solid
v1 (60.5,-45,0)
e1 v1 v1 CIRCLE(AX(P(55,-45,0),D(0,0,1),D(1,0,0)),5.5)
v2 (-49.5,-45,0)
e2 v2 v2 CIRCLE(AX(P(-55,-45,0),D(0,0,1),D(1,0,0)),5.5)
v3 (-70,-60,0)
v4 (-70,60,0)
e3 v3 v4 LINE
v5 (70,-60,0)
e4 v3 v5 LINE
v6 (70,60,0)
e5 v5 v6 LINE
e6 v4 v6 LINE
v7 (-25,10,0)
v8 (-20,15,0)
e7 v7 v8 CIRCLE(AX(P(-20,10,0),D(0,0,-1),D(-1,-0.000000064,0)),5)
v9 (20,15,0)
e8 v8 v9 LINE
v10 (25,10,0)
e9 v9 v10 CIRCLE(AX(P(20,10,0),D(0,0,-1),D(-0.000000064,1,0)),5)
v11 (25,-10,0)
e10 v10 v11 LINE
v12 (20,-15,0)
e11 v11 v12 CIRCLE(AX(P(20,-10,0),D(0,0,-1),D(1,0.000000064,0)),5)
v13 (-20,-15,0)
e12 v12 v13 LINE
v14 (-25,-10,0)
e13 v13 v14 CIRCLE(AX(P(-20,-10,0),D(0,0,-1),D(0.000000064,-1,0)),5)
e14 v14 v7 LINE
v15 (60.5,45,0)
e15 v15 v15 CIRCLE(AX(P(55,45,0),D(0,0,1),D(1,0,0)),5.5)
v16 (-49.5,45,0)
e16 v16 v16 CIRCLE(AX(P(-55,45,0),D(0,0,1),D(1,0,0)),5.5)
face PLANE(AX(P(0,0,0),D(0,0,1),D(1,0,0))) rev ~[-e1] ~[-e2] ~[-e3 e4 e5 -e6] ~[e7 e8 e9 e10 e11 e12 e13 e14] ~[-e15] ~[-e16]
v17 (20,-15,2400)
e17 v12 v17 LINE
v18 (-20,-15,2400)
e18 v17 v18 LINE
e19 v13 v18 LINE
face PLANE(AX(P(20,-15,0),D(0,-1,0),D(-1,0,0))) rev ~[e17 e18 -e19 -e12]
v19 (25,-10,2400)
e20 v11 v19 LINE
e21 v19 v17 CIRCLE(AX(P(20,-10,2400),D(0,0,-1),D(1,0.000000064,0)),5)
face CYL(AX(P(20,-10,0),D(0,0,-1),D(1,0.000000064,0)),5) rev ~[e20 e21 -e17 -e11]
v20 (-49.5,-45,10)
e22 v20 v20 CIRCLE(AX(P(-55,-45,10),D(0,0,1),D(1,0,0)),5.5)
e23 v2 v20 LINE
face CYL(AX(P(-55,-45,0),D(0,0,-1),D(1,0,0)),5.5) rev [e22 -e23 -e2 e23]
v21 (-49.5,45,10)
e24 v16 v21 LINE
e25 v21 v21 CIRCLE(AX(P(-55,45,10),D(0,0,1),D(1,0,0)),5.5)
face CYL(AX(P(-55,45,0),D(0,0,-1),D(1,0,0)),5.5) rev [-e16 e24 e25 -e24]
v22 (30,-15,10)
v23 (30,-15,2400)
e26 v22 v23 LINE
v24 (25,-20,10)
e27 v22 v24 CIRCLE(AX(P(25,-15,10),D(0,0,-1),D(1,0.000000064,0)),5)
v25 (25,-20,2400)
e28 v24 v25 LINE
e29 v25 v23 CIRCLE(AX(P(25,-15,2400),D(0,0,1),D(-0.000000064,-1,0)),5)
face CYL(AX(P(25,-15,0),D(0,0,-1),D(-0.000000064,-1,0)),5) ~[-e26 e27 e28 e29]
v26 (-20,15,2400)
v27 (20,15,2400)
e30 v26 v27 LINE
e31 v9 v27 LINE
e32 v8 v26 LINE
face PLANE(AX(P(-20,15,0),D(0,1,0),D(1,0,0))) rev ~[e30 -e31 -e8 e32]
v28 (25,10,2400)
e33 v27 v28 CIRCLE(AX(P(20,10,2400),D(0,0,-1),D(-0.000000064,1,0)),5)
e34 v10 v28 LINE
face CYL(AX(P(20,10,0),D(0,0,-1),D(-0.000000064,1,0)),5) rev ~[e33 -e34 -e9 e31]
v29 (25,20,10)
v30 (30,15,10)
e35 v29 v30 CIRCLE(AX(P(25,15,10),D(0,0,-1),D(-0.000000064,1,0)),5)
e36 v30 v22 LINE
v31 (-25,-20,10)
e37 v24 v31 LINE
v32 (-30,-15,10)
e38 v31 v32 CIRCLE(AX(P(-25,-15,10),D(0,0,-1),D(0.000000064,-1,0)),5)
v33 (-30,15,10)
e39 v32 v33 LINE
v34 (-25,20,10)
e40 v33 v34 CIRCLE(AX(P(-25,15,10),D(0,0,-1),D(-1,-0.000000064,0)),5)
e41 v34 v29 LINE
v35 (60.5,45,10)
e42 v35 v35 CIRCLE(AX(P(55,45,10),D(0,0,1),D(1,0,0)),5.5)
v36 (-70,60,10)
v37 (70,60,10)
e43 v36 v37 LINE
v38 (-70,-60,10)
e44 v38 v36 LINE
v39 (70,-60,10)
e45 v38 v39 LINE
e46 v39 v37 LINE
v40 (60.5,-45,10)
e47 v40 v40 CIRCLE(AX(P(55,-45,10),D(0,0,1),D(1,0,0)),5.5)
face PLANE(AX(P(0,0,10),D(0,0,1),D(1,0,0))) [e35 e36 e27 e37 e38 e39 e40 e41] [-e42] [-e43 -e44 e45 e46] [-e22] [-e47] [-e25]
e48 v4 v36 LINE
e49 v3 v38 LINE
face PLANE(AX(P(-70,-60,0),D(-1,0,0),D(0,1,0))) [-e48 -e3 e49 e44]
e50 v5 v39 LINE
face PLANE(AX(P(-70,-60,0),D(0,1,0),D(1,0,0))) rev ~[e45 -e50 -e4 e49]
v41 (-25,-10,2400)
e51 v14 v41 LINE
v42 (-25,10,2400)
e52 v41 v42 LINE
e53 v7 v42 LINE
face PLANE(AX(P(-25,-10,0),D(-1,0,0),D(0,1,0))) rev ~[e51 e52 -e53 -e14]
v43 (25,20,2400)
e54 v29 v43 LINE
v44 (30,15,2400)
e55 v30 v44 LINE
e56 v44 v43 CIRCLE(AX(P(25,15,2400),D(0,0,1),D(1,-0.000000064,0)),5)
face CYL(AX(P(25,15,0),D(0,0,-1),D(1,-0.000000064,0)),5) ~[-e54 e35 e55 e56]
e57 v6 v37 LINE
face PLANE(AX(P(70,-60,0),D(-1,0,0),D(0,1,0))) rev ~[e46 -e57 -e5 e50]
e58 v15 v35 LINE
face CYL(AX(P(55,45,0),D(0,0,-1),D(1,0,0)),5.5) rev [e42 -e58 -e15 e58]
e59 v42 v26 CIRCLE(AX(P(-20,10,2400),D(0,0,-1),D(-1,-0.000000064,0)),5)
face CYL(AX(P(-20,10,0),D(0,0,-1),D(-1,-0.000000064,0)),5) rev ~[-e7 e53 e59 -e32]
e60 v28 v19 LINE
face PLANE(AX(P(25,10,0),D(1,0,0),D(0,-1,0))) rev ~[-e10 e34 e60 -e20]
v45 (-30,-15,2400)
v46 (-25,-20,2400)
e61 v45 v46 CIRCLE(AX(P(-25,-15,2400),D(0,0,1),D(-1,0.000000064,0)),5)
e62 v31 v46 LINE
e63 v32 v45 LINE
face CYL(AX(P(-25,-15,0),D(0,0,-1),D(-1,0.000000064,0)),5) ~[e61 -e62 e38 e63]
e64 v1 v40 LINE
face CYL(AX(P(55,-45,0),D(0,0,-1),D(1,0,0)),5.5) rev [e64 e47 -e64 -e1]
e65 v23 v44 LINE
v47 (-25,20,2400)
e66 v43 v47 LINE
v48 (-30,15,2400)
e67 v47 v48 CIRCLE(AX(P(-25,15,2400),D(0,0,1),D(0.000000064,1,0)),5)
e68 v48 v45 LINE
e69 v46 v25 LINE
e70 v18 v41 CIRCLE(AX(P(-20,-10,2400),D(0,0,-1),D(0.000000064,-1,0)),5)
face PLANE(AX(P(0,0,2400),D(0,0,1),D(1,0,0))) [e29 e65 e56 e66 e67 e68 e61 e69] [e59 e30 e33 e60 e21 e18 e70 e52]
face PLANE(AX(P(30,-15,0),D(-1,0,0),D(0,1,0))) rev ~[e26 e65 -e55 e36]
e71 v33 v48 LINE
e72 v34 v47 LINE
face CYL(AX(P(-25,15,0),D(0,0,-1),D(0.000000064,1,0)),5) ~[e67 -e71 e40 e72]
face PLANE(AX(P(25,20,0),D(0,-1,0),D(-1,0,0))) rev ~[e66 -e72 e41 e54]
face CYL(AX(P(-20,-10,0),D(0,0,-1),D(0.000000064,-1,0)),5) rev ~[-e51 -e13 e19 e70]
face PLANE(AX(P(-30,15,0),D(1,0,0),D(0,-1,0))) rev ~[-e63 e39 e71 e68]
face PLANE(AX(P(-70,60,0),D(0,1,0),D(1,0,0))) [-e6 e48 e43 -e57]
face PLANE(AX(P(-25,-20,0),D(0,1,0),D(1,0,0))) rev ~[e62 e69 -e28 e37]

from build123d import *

# Parameters (mm, degrees)
F0_W     = 140
F0_H     = 120
F0_R     = 5.5
F1_DEPTH = 10
F2_DEPTH = 2400


with BuildPart() as f1:
    # F0 (on Top) → F1 (new body)
    with BuildSketch(Plane.XY):
        Rectangle(F0_W, F0_H)
        with Locations((-55, -45)):
            Circle(F0_R, mode=Mode.SUBTRACT)
        with Locations((55, -45)):
            Circle(F0_R, mode=Mode.SUBTRACT)
        with Locations((-55, 45)):
            Circle(F0_R, mode=Mode.SUBTRACT)
        with BuildLine():
            ThreePointArc((-30, 15), (-28.535534, 18.535534), (-25, 20))
            Line((-25, 20), (25, 20))
            ThreePointArc((25, 20), (28.535534, 18.535534), (30, 15))
            Line((30, 15), (30, -15))
            ThreePointArc((30, -15), (28.535534, -18.535534), (25, -20))
            Line((25, -20), (-25, -20))
            ThreePointArc((-25, -20), (-28.535534, -18.535534), (-30, -15))
            Line((-30, -15), (-30, 15))
        make_face(mode=Mode.SUBTRACT)
        with Locations((55, 45)):
            Circle(F0_R, mode=Mode.SUBTRACT)
    extrude(amount=F1_DEPTH)

    # F0 (on Top) → F2 (join)
    with BuildSketch(Plane.XY):
        with BuildLine():
            Line((25, 20), (-25, 20))
            ThreePointArc((-25, 20), (-28.535534, 18.535534), (-30, 15))
            Line((-30, 15), (-30, -15))
            ThreePointArc((-30, -15), (-28.535534, -18.535534), (-25, -20))
            Line((-25, -20), (25, -20))
            ThreePointArc((25, -20), (28.535534, -18.535534), (30, -15))
            Line((30, -15), (30, 15))
            ThreePointArc((30, 15), (28.535534, 18.535534), (25, 20))
        make_face()
        with BuildLine():
            ThreePointArc((-25, 10), (-23.535534, 13.535534), (-20, 15))
            Line((-20, 15), (20, 15))
            ThreePointArc((20, 15), (23.535534, 13.535534), (25, 10))
            Line((25, 10), (25, -10))
            ThreePointArc((25, -10), (23.535534, -13.535534), (20, -15))
            Line((20, -15), (-20, -15))
            ThreePointArc((-20, -15), (-23.535534, -13.535534), (-25, -10))
            Line((-25, -10), (-25, 10))
        make_face(mode=Mode.SUBTRACT)
    extrude(amount=F2_DEPTH)


solid = f1.part
